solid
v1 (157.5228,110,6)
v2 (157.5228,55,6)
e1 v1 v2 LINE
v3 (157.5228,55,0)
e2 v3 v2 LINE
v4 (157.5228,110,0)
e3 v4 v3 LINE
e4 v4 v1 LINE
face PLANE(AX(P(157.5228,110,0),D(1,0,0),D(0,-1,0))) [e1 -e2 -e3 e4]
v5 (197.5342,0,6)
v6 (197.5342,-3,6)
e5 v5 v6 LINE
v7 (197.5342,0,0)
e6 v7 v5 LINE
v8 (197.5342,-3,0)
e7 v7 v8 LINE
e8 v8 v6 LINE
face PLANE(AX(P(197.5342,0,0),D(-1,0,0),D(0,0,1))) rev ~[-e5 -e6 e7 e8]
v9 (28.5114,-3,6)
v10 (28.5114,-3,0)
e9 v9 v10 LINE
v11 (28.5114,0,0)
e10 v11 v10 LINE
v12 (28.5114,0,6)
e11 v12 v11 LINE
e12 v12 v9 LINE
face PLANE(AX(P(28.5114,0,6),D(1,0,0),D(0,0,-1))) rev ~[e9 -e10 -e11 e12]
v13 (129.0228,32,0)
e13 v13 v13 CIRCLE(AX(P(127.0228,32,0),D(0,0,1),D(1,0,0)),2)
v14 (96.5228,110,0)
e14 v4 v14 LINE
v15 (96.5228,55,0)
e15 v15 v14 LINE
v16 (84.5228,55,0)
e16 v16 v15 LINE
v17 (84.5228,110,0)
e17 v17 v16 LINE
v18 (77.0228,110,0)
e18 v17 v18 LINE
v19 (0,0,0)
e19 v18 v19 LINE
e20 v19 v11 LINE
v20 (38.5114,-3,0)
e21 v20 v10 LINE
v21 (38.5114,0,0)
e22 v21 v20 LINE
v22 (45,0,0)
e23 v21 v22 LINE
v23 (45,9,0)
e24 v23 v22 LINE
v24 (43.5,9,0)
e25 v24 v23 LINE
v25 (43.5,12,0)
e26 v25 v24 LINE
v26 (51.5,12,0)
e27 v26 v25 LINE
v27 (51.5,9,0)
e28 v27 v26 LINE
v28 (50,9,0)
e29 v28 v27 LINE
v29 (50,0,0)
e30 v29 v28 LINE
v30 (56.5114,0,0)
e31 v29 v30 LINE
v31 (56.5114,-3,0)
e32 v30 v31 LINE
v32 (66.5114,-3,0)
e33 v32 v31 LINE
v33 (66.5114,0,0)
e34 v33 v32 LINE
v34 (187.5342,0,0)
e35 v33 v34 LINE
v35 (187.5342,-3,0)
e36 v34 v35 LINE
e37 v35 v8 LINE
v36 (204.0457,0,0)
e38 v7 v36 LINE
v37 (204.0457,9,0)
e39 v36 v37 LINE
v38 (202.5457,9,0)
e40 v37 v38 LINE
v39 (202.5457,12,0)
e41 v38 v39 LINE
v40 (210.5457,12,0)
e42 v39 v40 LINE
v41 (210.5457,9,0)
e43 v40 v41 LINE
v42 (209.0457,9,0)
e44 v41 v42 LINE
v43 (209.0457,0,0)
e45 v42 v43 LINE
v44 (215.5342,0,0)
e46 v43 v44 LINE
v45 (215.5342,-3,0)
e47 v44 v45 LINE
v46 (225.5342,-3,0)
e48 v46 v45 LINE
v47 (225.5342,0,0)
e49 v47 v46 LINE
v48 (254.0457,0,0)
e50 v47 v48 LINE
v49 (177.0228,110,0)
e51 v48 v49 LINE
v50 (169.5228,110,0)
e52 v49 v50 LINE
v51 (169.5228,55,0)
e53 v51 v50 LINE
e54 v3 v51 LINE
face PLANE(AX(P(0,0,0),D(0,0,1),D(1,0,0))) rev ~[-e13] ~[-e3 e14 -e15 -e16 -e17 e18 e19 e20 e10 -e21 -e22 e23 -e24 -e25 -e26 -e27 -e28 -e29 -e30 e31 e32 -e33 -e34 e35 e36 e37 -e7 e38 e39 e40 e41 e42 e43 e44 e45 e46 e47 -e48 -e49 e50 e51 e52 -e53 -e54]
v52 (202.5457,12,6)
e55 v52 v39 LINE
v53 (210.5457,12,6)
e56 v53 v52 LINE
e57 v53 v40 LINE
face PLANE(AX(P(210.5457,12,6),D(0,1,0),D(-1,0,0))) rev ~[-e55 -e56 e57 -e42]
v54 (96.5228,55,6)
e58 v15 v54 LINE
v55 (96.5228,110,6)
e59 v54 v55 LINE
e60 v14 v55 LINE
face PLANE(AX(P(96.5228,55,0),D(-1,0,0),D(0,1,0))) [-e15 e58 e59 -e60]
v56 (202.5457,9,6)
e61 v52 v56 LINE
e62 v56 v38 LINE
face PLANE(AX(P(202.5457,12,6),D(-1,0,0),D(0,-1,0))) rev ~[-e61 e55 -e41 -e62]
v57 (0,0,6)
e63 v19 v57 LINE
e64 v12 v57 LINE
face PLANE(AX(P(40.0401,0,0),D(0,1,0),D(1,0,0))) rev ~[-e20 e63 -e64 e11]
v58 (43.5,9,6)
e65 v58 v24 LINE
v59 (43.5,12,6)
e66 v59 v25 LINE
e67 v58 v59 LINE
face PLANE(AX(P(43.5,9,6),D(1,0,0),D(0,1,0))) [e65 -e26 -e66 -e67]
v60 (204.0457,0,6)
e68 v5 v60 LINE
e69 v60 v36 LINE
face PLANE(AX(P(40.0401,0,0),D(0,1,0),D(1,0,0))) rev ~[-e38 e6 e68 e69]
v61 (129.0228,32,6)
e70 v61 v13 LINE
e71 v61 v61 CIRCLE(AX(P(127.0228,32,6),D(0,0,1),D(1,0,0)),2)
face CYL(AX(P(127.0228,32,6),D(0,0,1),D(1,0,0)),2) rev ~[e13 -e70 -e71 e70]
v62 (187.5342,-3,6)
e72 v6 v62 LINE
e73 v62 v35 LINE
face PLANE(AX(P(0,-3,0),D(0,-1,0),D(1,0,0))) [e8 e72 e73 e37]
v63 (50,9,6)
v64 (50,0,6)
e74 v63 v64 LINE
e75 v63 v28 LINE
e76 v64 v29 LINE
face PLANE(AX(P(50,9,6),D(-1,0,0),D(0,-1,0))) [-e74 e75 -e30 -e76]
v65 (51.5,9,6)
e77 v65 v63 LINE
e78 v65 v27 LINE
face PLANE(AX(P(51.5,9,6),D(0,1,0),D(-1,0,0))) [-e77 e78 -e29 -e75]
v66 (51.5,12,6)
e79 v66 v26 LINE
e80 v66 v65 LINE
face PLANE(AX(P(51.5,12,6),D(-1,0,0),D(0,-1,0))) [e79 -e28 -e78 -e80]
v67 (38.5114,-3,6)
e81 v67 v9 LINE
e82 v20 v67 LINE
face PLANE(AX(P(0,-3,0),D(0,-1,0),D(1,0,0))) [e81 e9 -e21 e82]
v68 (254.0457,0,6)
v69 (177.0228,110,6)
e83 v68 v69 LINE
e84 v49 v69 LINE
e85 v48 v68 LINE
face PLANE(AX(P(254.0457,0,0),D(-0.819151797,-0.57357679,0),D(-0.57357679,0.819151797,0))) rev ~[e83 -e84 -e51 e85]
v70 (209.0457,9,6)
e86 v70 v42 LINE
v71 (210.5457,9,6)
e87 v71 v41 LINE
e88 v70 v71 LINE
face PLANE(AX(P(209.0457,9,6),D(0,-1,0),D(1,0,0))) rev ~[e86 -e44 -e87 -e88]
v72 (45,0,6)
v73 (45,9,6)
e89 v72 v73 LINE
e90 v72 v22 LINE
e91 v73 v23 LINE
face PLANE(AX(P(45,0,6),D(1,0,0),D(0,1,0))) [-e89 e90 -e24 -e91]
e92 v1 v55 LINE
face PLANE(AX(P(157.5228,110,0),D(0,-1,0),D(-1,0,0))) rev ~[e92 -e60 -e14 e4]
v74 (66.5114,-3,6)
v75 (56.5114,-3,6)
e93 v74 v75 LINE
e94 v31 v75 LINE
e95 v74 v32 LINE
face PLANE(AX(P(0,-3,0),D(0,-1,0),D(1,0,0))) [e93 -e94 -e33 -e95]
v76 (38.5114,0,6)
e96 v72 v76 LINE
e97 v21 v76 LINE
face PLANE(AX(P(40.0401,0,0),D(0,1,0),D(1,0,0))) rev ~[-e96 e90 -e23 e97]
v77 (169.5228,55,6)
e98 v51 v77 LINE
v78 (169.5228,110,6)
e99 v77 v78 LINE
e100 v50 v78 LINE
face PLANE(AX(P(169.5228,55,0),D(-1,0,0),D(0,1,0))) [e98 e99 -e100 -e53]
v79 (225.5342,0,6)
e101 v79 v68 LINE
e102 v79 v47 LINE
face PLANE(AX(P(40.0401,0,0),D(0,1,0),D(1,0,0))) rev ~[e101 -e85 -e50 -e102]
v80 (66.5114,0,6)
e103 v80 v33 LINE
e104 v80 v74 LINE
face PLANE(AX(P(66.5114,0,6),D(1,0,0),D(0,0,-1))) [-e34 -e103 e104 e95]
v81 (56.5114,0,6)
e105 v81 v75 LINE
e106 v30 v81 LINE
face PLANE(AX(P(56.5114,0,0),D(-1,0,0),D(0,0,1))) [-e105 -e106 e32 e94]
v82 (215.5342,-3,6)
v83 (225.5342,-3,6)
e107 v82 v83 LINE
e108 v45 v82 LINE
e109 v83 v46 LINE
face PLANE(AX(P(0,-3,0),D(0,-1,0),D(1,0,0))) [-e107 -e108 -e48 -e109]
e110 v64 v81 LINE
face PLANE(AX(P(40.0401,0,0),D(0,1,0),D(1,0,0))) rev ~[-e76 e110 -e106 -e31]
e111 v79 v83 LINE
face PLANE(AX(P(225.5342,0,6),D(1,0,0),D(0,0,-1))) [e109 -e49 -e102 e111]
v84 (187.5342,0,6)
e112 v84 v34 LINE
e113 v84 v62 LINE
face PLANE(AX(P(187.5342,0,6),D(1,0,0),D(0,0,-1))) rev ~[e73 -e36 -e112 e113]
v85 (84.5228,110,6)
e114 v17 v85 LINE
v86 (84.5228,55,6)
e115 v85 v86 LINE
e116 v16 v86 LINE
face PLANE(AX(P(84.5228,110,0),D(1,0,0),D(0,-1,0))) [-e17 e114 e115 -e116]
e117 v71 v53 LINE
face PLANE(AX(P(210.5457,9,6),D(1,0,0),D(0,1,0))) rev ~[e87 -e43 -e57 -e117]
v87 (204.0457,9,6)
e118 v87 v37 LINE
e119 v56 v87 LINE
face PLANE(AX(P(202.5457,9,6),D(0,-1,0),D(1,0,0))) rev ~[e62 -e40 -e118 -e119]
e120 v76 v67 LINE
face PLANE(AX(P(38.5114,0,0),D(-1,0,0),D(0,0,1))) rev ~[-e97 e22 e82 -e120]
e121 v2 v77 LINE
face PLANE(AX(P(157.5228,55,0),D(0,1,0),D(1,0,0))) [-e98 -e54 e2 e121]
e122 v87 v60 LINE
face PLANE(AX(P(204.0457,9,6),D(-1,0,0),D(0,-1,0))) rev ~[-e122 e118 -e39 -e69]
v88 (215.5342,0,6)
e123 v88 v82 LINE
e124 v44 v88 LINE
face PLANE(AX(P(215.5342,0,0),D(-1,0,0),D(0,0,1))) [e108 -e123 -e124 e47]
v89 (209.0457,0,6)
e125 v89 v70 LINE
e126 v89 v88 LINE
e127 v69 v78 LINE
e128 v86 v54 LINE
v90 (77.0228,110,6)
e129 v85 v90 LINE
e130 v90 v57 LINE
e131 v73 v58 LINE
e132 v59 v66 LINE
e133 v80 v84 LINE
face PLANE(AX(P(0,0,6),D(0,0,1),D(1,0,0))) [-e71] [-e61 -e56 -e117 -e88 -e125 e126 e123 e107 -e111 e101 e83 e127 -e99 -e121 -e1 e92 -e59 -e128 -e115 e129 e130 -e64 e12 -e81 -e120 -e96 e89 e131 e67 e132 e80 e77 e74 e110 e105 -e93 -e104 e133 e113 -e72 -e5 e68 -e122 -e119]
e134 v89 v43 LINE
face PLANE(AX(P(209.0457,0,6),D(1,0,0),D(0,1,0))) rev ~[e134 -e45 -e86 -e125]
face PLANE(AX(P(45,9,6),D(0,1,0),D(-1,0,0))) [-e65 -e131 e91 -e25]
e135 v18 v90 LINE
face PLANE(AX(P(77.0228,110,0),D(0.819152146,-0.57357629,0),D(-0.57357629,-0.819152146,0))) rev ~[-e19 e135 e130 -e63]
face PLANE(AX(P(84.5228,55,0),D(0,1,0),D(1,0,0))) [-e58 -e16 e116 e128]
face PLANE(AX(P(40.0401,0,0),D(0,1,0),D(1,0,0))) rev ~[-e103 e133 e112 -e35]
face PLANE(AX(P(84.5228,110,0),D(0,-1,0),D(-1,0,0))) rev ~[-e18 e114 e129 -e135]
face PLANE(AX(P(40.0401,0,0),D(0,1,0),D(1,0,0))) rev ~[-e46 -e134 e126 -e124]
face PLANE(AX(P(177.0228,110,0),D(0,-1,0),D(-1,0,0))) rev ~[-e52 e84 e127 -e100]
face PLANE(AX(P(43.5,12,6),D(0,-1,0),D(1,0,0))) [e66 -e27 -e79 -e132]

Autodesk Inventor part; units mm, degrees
ref_plane "YZ Plane" through (0, 0, 0) normal (1, 0, 0) x (0, 1, 0)
ref_plane "XZ Plane" through (0, 0, 0) normal (0, 1, 0) x (-1, 0, 0)
ref_plane "XY Plane" through (0, 0, 0) normal (0, 0, 1) x (1, 0, 0)
sketch "Boceto1" plane through (0, 0, 0) normal (0, 0, 1) x (1, 0, 0)
  line L0 (254.0457, 0) -> (177.0228, 110)
  line L1 (77.0228, 110) -> (0, 0)
  line L2 (84.5228, 110) -> (84.5228, 55)
  line L3 (84.5228, 55) -> (96.5228, 55)
  line L4 (96.5228, 55) -> (96.5228, 110)
  line L5 (157.5228, 110) -> (157.5228, 55)
  line L6 (157.5228, 55) -> (169.5228, 55)
  line L7 (169.5228, 55) -> (169.5228, 110)
  line L8 (84.5228, 110) -> (77.0228, 110)
  line L9 (177.0228, 110) -> (169.5228, 110)
  line L10 (157.5228, 110) -> (96.5228, 110)
  line L11 (0, 0) -> (40.0401, 0)
  line L12 (40.0401, 0) -> (254.0457, 0)
  dimension "d1" = 100
  dimension "d2" = 110
  dimension "d3" = 61
  dimension "d5" = 12
  dimension "d6" = 7.5
  dimension "d12" = 55
  dimension "d23" = 55
  dimension "d24" = 55
extrude "Extrusión1" add sketch "Boceto1" along normal blind 6
sketch "Boceto3" plane through (0, 0, 6) normal (0, 0, 1) x (1, 0, 0)
  line L0 (0, 0) -> (254.0457, 0) projected
  line L1 (50, 9) -> (50, 0)
  line L2 (45, 0) -> (45, 9)
  line L3 (43.5, 12) -> (51.5, 12)
  line L4 (51.5, 12) -> (51.5, 9)
  line L5 (43.5, 9) -> (43.5, 12)
  line L6 (51.5, 9) -> (50, 9)
  line L7 (45, 9) -> (43.5, 9)
  line L8 (157.5228, 110) -> (96.5228, 110) projected
  line L9 (127.0228, 110) -> (127.0228, 0)
  line L10 (204.0457, 9) -> (204.0457, 0)
  line L11 (209.0457, 0) -> (209.0457, 9)
  line L12 (210.5457, 12) -> (202.5457, 12)
  line L13 (202.5457, 12) -> (202.5457, 9)
  line L14 (210.5457, 9) -> (210.5457, 12)
  line L15 (202.5457, 9) -> (204.0457, 9)
  line L16 (209.0457, 9) -> (210.5457, 9)
  line L17 (45, 0) -> (50, 0) construction
  line L18 (204.0457, 0) -> (209.0457, 0) construction
  point P0 (204.0457, 0)
  point P1 (47.5, 12)
  point P2 (47.5, 0)
  point P3 (206.5457, 0)
  dimension "d25" = 5
  dimension "d26" = 8
  dimension "d27" = 12
  dimension "d29" = 45
  dimension "d30" = 3
extrude "Extrusión3" cut sketch "Boceto3" against normal up to next
sketch "Boceto4" plane through (0, 0, 0) normal (0, -1, 0) x (1, 0, 0)
  line L0 (77.0228, 6) -> (0, 6) projected
  line L1 (77.0228, 0) -> (0, 0) projected
  line L2 (38.5114, 6) -> (28.5114, 6)
  line L3 (28.5114, 6) -> (28.5114, 0)
  line L4 (28.5114, 0) -> (38.5114, 0)
  line L5 (38.5114, 0) -> (38.5114, 6)
  line L6 (50, 0) -> (204.0457, 0) projected
  line L7 (56.5114, 6) -> (66.5114, 6)
  line L8 (66.5114, 6) -> (66.5114, 0)
  line L9 (66.5114, 0) -> (56.5114, 0)
  line L10 (56.5114, 0) -> (56.5114, 6)
  line L11 (157.5228, 0) -> (96.5228, 0) projected
  line L12 (127.0228, 0) -> (127.0228, 6) construction
  line L13 (215.5342, 6) -> (225.5342, 6)
  line L14 (225.5342, 6) -> (225.5342, 0)
  line L15 (225.5342, 0) -> (215.5342, 0)
  line L16 (215.5342, 0) -> (215.5342, 6)
  line L17 (197.5342, 6) -> (187.5342, 6)
  line L18 (187.5342, 6) -> (187.5342, 0)
  line L19 (187.5342, 0) -> (197.5342, 0)
  line L20 (197.5342, 0) -> (197.5342, 6)
  dimension "d33" = 10
  dimension "d34" = 18
  dimension "d35" = 10
extrude "Extrusión4" add sketch "Boceto4" along normal blind 3 contours L8 L1 L10 L0 | L18 L17 L20 L6 | L5 L1 L3 L0 | L13 L14 L15 L16
sketch "Boceto5" plane through (0, 0, 6) normal (0, 0, 1) x (1, 0, 0)
  circle A0 centre (127.0228, 32) radius 2
  line L0 (66.5114, 0) -> (187.5342, 0) projected
  line L1 (157.5228, 110) -> (96.5228, 110) projected
  point P0 (0, 0)
  point P1 (127.0228, 110)
  dimension "d39" = 4
  dimension "d40" = 32
extrude "Extrusión5" cut sketch "Boceto5" against normal through all
properties part number "UnionColumnas"
